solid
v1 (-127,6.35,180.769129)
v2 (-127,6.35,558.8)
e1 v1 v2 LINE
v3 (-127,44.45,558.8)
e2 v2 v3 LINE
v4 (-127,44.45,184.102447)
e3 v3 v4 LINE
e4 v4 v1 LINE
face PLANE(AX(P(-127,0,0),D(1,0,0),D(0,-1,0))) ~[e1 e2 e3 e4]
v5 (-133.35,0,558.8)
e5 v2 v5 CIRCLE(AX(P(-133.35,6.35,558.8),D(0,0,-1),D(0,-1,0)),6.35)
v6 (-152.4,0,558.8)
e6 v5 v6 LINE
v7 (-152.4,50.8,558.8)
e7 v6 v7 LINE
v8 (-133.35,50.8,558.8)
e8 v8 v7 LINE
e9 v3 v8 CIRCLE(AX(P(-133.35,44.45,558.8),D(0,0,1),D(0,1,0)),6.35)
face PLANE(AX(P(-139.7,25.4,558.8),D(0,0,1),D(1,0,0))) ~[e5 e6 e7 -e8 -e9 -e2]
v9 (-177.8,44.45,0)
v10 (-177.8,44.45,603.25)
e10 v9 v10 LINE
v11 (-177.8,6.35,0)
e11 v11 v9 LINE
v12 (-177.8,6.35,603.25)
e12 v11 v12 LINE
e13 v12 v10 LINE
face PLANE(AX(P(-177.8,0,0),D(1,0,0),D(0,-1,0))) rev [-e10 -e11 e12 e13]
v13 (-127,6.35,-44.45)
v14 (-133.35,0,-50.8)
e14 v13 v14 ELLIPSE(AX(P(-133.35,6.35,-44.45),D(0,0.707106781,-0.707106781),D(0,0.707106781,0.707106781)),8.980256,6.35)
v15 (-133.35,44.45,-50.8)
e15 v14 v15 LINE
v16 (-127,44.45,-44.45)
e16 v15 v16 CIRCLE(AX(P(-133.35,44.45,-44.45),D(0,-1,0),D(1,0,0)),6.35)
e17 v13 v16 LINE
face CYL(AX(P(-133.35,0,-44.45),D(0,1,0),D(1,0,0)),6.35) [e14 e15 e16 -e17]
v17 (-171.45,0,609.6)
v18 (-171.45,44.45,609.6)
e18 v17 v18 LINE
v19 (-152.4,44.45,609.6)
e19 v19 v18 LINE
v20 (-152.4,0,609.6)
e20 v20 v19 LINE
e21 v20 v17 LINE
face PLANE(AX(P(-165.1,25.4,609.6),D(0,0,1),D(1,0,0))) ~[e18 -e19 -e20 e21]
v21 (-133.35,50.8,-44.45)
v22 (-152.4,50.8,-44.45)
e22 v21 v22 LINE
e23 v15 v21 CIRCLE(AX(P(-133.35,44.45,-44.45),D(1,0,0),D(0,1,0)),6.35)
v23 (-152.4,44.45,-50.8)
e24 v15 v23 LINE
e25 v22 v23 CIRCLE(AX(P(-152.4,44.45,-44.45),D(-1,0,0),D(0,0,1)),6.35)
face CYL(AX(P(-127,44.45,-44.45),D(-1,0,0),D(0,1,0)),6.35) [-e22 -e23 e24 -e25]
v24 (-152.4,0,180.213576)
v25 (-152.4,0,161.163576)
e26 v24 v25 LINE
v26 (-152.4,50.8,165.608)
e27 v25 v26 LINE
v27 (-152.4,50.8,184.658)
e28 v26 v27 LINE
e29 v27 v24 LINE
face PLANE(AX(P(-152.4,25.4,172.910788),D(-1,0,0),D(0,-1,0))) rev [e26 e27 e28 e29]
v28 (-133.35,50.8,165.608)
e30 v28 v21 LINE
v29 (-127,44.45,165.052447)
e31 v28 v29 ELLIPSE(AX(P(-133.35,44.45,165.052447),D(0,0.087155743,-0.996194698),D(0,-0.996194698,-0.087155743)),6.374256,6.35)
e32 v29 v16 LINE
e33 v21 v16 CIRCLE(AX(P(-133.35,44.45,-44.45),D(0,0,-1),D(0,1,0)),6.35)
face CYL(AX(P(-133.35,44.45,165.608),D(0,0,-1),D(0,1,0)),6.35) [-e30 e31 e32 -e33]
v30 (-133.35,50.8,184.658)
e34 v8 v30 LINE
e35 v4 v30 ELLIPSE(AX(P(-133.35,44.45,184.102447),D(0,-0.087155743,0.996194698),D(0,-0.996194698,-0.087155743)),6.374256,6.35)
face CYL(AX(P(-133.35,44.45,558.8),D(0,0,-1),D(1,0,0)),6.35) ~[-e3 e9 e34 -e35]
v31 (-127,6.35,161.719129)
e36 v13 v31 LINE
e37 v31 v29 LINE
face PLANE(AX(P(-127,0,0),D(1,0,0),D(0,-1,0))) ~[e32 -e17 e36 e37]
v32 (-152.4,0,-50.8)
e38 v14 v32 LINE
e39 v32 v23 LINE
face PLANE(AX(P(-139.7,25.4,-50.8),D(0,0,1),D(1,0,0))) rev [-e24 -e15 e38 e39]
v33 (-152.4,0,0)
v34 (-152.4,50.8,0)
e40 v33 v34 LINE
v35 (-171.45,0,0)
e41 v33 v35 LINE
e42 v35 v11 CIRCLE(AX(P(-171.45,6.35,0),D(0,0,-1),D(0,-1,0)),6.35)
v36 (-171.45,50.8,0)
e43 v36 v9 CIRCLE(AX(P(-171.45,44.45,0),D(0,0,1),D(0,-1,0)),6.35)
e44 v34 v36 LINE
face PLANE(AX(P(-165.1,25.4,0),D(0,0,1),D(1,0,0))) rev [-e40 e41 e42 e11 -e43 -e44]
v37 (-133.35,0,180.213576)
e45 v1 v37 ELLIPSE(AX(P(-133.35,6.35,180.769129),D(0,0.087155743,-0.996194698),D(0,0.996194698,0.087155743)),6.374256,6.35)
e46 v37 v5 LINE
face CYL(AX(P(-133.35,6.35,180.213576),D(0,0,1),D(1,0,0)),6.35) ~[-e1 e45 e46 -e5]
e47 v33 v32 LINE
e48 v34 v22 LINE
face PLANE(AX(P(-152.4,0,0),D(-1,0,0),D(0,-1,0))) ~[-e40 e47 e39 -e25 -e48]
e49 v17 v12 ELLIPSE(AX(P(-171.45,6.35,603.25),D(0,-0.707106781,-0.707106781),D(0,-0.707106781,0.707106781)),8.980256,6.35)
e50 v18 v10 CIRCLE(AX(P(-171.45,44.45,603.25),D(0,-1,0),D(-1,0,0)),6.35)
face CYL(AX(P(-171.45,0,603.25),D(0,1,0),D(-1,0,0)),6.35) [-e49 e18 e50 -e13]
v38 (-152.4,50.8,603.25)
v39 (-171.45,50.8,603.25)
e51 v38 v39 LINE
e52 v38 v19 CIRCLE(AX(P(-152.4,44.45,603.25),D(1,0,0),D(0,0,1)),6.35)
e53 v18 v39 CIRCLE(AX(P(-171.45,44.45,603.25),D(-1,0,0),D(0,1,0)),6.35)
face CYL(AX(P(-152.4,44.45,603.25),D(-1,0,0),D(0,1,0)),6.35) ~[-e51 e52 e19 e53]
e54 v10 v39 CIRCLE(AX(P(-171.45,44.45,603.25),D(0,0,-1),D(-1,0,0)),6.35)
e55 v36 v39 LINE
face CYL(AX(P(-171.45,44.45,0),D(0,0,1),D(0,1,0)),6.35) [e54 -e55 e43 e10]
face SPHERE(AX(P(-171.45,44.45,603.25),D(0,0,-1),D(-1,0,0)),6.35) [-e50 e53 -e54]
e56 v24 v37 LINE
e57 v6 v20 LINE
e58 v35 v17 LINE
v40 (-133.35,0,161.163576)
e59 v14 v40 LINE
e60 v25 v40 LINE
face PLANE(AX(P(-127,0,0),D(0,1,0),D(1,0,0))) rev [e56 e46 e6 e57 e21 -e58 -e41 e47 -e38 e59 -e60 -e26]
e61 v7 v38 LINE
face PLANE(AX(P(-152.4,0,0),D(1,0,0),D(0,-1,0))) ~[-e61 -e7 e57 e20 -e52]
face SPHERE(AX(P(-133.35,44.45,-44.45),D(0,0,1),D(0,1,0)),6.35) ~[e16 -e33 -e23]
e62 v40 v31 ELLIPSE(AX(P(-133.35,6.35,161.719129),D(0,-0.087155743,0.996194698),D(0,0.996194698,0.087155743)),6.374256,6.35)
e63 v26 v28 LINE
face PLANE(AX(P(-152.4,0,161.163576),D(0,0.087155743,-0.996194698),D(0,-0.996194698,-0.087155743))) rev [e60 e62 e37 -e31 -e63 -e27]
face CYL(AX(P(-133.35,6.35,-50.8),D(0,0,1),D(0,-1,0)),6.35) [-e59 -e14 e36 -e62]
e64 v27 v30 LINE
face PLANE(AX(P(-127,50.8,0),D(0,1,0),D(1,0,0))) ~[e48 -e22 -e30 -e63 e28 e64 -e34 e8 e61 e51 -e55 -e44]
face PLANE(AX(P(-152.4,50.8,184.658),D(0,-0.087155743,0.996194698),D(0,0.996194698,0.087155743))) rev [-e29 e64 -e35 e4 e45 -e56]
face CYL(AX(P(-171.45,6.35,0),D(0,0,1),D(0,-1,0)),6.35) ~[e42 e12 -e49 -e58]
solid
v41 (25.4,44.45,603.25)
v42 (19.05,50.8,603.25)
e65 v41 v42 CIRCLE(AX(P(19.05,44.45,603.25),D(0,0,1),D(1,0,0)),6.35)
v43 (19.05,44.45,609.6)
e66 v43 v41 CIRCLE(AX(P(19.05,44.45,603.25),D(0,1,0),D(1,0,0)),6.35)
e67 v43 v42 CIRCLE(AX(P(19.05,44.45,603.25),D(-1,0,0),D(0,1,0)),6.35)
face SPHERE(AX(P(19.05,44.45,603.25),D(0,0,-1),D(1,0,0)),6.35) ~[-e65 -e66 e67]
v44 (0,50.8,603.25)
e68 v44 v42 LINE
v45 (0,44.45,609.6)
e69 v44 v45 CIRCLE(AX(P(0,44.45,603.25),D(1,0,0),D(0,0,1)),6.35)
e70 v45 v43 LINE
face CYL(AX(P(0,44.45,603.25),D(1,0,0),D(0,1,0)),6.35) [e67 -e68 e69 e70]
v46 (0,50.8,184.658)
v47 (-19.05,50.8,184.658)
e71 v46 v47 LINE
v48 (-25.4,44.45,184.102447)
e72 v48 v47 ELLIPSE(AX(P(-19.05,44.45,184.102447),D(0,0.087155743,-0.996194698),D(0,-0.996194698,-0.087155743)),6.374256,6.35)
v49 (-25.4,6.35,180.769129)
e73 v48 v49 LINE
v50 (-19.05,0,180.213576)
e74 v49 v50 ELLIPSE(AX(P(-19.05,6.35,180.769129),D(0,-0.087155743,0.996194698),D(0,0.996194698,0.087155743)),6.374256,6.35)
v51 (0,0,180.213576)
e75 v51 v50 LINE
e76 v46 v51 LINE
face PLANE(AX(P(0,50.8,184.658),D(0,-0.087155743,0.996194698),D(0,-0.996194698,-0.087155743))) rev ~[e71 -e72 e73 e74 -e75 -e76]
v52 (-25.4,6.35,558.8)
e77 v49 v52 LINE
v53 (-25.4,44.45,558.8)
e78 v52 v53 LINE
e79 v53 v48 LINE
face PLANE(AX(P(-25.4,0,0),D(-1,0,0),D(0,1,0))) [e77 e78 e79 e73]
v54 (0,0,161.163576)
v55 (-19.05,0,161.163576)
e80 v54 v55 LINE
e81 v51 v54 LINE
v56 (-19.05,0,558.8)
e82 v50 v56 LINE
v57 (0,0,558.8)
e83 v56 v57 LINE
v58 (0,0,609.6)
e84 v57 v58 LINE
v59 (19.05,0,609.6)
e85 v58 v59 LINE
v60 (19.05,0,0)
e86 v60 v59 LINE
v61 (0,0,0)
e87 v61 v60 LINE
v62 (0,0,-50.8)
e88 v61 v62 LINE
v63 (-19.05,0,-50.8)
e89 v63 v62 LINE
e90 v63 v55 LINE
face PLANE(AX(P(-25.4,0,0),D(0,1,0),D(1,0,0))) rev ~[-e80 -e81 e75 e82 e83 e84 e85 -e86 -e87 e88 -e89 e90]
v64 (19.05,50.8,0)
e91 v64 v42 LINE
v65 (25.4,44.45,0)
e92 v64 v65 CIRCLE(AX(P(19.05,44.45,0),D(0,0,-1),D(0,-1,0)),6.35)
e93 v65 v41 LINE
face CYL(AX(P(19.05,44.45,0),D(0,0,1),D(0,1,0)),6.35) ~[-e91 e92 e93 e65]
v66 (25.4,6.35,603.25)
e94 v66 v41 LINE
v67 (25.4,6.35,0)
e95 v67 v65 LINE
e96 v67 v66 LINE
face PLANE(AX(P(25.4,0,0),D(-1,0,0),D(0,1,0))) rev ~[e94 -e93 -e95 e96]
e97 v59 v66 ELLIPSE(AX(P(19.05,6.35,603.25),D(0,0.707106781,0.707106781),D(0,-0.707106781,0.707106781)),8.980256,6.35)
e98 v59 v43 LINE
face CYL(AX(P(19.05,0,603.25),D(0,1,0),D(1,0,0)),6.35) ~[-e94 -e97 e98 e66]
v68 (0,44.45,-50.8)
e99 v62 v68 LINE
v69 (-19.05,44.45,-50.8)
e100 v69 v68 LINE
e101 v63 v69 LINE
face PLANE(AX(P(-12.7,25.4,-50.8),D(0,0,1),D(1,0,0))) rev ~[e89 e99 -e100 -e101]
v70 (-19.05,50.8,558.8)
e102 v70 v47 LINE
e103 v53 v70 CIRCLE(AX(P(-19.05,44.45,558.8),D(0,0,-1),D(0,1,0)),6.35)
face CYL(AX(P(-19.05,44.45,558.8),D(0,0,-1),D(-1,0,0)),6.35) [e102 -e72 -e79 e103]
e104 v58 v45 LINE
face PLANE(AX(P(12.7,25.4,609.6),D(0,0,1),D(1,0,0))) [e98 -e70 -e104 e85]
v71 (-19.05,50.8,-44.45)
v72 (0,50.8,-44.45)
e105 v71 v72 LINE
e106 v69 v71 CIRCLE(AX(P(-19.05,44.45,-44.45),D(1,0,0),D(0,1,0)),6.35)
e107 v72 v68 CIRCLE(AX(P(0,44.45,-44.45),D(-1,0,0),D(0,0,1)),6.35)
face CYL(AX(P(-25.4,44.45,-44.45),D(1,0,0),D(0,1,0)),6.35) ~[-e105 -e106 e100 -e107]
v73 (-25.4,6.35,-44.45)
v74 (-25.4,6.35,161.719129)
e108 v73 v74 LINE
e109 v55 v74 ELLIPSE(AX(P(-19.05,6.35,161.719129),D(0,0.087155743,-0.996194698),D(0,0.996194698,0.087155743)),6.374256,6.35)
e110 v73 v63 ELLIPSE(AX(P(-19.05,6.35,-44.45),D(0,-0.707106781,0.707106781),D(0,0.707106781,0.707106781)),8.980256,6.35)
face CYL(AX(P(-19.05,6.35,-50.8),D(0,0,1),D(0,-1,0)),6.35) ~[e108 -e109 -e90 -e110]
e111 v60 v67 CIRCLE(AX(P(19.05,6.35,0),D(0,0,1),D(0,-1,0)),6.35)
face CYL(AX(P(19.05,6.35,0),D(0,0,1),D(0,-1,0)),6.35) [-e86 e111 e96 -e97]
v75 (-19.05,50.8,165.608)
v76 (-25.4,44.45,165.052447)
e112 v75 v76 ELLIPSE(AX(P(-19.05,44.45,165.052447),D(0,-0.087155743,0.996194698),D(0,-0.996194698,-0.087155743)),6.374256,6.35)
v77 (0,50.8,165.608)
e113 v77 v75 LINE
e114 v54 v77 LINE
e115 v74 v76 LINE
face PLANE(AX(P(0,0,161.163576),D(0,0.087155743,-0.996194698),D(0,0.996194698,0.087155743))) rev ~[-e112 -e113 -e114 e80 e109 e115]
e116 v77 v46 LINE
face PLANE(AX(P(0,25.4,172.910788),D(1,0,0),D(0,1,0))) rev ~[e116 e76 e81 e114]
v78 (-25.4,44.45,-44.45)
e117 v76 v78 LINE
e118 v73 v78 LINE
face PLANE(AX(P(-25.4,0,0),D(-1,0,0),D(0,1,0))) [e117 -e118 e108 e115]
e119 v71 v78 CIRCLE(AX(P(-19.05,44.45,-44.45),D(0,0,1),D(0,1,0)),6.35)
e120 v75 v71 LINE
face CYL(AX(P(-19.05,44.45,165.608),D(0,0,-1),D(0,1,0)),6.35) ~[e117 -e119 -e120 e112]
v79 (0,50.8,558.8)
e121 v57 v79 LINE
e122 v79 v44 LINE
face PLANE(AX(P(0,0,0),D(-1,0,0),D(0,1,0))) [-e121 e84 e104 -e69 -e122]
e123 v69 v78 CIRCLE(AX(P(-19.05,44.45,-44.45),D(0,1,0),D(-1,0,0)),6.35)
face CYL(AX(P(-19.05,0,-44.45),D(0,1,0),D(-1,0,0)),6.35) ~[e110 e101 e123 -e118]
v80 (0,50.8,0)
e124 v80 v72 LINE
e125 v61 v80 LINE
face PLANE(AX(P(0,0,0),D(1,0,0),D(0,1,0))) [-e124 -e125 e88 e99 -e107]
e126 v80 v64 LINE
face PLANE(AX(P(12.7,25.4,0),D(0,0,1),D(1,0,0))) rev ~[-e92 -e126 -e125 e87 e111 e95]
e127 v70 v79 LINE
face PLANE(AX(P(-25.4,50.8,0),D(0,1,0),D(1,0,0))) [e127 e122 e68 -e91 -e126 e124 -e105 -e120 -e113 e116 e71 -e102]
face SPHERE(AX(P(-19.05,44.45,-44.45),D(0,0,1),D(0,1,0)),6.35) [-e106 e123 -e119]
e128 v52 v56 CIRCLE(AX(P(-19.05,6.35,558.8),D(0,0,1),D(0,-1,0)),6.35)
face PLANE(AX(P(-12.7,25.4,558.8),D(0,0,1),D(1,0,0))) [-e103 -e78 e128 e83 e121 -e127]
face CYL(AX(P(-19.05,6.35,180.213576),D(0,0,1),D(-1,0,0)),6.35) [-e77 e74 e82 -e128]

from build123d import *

# Parameters (mm, degrees)
F0_W          = 25.4
F0_H          = 50.8
F1_DEPTH      = 609.6
F2_DEPTH      = 50.8
F2_DEPTH_BACK = 558.8
F4_DEPTH      = 25.4
F5_R          = 6.35


with BuildPart() as f1:
    # F0 (on Top) → F1 (new body)
    with BuildSketch(Plane.XY):
        with Locations((12.7, 25.4)):
            Rectangle(F0_W, F0_H)
    extrude(amount=F1_DEPTH)

    # F0 (on Top) → F2 (join, two sides)
    with BuildSketch(Plane.XY) as f2_sk:
        with Locations((-12.7, 25.4)):
            Rectangle(F0_W, F0_H)
    extrude(amount=-F2_DEPTH)
    extrude(f2_sk.sketch, amount=F2_DEPTH_BACK)

    # F3 (on Right) → F4 (cut)
    with BuildSketch(Plane.YZ):
        Polygon((0, 180.2135758929), (0, 161.1635758929), (50.8, 165.608), (50.8, 184.658), align=None)
    extrude(amount=-F4_DEPTH, mode=Mode.SUBTRACT)

    # F5
    f5_edges = [f1.edges().sort_by_distance(p)[0] for p in [
        (-25.4, 50.8, 57.404),
        (-25.4, 50.8, 371.729),
        (-12.7, 50.8, -50.8),
        (-25.4, 25.4, -50.8),
        (-25.4, 0, 369.506788),
        (-25.4, 0, 55.181788),
        (25.4, 0, 304.8),
        (25.4, 50.8, 304.8),
        (25.4, 25.4, 609.6),
        (12.7, 50.8, 609.6),
    ]]
    fillet(f5_edges, radius=F5_R)


with BuildPart() as f7_1:
    # F7: instance of F1
    add(f1.part.mirror(Plane.YZ.offset(-76.2)))


solid = Compound([f1.part, f7_1.part])
